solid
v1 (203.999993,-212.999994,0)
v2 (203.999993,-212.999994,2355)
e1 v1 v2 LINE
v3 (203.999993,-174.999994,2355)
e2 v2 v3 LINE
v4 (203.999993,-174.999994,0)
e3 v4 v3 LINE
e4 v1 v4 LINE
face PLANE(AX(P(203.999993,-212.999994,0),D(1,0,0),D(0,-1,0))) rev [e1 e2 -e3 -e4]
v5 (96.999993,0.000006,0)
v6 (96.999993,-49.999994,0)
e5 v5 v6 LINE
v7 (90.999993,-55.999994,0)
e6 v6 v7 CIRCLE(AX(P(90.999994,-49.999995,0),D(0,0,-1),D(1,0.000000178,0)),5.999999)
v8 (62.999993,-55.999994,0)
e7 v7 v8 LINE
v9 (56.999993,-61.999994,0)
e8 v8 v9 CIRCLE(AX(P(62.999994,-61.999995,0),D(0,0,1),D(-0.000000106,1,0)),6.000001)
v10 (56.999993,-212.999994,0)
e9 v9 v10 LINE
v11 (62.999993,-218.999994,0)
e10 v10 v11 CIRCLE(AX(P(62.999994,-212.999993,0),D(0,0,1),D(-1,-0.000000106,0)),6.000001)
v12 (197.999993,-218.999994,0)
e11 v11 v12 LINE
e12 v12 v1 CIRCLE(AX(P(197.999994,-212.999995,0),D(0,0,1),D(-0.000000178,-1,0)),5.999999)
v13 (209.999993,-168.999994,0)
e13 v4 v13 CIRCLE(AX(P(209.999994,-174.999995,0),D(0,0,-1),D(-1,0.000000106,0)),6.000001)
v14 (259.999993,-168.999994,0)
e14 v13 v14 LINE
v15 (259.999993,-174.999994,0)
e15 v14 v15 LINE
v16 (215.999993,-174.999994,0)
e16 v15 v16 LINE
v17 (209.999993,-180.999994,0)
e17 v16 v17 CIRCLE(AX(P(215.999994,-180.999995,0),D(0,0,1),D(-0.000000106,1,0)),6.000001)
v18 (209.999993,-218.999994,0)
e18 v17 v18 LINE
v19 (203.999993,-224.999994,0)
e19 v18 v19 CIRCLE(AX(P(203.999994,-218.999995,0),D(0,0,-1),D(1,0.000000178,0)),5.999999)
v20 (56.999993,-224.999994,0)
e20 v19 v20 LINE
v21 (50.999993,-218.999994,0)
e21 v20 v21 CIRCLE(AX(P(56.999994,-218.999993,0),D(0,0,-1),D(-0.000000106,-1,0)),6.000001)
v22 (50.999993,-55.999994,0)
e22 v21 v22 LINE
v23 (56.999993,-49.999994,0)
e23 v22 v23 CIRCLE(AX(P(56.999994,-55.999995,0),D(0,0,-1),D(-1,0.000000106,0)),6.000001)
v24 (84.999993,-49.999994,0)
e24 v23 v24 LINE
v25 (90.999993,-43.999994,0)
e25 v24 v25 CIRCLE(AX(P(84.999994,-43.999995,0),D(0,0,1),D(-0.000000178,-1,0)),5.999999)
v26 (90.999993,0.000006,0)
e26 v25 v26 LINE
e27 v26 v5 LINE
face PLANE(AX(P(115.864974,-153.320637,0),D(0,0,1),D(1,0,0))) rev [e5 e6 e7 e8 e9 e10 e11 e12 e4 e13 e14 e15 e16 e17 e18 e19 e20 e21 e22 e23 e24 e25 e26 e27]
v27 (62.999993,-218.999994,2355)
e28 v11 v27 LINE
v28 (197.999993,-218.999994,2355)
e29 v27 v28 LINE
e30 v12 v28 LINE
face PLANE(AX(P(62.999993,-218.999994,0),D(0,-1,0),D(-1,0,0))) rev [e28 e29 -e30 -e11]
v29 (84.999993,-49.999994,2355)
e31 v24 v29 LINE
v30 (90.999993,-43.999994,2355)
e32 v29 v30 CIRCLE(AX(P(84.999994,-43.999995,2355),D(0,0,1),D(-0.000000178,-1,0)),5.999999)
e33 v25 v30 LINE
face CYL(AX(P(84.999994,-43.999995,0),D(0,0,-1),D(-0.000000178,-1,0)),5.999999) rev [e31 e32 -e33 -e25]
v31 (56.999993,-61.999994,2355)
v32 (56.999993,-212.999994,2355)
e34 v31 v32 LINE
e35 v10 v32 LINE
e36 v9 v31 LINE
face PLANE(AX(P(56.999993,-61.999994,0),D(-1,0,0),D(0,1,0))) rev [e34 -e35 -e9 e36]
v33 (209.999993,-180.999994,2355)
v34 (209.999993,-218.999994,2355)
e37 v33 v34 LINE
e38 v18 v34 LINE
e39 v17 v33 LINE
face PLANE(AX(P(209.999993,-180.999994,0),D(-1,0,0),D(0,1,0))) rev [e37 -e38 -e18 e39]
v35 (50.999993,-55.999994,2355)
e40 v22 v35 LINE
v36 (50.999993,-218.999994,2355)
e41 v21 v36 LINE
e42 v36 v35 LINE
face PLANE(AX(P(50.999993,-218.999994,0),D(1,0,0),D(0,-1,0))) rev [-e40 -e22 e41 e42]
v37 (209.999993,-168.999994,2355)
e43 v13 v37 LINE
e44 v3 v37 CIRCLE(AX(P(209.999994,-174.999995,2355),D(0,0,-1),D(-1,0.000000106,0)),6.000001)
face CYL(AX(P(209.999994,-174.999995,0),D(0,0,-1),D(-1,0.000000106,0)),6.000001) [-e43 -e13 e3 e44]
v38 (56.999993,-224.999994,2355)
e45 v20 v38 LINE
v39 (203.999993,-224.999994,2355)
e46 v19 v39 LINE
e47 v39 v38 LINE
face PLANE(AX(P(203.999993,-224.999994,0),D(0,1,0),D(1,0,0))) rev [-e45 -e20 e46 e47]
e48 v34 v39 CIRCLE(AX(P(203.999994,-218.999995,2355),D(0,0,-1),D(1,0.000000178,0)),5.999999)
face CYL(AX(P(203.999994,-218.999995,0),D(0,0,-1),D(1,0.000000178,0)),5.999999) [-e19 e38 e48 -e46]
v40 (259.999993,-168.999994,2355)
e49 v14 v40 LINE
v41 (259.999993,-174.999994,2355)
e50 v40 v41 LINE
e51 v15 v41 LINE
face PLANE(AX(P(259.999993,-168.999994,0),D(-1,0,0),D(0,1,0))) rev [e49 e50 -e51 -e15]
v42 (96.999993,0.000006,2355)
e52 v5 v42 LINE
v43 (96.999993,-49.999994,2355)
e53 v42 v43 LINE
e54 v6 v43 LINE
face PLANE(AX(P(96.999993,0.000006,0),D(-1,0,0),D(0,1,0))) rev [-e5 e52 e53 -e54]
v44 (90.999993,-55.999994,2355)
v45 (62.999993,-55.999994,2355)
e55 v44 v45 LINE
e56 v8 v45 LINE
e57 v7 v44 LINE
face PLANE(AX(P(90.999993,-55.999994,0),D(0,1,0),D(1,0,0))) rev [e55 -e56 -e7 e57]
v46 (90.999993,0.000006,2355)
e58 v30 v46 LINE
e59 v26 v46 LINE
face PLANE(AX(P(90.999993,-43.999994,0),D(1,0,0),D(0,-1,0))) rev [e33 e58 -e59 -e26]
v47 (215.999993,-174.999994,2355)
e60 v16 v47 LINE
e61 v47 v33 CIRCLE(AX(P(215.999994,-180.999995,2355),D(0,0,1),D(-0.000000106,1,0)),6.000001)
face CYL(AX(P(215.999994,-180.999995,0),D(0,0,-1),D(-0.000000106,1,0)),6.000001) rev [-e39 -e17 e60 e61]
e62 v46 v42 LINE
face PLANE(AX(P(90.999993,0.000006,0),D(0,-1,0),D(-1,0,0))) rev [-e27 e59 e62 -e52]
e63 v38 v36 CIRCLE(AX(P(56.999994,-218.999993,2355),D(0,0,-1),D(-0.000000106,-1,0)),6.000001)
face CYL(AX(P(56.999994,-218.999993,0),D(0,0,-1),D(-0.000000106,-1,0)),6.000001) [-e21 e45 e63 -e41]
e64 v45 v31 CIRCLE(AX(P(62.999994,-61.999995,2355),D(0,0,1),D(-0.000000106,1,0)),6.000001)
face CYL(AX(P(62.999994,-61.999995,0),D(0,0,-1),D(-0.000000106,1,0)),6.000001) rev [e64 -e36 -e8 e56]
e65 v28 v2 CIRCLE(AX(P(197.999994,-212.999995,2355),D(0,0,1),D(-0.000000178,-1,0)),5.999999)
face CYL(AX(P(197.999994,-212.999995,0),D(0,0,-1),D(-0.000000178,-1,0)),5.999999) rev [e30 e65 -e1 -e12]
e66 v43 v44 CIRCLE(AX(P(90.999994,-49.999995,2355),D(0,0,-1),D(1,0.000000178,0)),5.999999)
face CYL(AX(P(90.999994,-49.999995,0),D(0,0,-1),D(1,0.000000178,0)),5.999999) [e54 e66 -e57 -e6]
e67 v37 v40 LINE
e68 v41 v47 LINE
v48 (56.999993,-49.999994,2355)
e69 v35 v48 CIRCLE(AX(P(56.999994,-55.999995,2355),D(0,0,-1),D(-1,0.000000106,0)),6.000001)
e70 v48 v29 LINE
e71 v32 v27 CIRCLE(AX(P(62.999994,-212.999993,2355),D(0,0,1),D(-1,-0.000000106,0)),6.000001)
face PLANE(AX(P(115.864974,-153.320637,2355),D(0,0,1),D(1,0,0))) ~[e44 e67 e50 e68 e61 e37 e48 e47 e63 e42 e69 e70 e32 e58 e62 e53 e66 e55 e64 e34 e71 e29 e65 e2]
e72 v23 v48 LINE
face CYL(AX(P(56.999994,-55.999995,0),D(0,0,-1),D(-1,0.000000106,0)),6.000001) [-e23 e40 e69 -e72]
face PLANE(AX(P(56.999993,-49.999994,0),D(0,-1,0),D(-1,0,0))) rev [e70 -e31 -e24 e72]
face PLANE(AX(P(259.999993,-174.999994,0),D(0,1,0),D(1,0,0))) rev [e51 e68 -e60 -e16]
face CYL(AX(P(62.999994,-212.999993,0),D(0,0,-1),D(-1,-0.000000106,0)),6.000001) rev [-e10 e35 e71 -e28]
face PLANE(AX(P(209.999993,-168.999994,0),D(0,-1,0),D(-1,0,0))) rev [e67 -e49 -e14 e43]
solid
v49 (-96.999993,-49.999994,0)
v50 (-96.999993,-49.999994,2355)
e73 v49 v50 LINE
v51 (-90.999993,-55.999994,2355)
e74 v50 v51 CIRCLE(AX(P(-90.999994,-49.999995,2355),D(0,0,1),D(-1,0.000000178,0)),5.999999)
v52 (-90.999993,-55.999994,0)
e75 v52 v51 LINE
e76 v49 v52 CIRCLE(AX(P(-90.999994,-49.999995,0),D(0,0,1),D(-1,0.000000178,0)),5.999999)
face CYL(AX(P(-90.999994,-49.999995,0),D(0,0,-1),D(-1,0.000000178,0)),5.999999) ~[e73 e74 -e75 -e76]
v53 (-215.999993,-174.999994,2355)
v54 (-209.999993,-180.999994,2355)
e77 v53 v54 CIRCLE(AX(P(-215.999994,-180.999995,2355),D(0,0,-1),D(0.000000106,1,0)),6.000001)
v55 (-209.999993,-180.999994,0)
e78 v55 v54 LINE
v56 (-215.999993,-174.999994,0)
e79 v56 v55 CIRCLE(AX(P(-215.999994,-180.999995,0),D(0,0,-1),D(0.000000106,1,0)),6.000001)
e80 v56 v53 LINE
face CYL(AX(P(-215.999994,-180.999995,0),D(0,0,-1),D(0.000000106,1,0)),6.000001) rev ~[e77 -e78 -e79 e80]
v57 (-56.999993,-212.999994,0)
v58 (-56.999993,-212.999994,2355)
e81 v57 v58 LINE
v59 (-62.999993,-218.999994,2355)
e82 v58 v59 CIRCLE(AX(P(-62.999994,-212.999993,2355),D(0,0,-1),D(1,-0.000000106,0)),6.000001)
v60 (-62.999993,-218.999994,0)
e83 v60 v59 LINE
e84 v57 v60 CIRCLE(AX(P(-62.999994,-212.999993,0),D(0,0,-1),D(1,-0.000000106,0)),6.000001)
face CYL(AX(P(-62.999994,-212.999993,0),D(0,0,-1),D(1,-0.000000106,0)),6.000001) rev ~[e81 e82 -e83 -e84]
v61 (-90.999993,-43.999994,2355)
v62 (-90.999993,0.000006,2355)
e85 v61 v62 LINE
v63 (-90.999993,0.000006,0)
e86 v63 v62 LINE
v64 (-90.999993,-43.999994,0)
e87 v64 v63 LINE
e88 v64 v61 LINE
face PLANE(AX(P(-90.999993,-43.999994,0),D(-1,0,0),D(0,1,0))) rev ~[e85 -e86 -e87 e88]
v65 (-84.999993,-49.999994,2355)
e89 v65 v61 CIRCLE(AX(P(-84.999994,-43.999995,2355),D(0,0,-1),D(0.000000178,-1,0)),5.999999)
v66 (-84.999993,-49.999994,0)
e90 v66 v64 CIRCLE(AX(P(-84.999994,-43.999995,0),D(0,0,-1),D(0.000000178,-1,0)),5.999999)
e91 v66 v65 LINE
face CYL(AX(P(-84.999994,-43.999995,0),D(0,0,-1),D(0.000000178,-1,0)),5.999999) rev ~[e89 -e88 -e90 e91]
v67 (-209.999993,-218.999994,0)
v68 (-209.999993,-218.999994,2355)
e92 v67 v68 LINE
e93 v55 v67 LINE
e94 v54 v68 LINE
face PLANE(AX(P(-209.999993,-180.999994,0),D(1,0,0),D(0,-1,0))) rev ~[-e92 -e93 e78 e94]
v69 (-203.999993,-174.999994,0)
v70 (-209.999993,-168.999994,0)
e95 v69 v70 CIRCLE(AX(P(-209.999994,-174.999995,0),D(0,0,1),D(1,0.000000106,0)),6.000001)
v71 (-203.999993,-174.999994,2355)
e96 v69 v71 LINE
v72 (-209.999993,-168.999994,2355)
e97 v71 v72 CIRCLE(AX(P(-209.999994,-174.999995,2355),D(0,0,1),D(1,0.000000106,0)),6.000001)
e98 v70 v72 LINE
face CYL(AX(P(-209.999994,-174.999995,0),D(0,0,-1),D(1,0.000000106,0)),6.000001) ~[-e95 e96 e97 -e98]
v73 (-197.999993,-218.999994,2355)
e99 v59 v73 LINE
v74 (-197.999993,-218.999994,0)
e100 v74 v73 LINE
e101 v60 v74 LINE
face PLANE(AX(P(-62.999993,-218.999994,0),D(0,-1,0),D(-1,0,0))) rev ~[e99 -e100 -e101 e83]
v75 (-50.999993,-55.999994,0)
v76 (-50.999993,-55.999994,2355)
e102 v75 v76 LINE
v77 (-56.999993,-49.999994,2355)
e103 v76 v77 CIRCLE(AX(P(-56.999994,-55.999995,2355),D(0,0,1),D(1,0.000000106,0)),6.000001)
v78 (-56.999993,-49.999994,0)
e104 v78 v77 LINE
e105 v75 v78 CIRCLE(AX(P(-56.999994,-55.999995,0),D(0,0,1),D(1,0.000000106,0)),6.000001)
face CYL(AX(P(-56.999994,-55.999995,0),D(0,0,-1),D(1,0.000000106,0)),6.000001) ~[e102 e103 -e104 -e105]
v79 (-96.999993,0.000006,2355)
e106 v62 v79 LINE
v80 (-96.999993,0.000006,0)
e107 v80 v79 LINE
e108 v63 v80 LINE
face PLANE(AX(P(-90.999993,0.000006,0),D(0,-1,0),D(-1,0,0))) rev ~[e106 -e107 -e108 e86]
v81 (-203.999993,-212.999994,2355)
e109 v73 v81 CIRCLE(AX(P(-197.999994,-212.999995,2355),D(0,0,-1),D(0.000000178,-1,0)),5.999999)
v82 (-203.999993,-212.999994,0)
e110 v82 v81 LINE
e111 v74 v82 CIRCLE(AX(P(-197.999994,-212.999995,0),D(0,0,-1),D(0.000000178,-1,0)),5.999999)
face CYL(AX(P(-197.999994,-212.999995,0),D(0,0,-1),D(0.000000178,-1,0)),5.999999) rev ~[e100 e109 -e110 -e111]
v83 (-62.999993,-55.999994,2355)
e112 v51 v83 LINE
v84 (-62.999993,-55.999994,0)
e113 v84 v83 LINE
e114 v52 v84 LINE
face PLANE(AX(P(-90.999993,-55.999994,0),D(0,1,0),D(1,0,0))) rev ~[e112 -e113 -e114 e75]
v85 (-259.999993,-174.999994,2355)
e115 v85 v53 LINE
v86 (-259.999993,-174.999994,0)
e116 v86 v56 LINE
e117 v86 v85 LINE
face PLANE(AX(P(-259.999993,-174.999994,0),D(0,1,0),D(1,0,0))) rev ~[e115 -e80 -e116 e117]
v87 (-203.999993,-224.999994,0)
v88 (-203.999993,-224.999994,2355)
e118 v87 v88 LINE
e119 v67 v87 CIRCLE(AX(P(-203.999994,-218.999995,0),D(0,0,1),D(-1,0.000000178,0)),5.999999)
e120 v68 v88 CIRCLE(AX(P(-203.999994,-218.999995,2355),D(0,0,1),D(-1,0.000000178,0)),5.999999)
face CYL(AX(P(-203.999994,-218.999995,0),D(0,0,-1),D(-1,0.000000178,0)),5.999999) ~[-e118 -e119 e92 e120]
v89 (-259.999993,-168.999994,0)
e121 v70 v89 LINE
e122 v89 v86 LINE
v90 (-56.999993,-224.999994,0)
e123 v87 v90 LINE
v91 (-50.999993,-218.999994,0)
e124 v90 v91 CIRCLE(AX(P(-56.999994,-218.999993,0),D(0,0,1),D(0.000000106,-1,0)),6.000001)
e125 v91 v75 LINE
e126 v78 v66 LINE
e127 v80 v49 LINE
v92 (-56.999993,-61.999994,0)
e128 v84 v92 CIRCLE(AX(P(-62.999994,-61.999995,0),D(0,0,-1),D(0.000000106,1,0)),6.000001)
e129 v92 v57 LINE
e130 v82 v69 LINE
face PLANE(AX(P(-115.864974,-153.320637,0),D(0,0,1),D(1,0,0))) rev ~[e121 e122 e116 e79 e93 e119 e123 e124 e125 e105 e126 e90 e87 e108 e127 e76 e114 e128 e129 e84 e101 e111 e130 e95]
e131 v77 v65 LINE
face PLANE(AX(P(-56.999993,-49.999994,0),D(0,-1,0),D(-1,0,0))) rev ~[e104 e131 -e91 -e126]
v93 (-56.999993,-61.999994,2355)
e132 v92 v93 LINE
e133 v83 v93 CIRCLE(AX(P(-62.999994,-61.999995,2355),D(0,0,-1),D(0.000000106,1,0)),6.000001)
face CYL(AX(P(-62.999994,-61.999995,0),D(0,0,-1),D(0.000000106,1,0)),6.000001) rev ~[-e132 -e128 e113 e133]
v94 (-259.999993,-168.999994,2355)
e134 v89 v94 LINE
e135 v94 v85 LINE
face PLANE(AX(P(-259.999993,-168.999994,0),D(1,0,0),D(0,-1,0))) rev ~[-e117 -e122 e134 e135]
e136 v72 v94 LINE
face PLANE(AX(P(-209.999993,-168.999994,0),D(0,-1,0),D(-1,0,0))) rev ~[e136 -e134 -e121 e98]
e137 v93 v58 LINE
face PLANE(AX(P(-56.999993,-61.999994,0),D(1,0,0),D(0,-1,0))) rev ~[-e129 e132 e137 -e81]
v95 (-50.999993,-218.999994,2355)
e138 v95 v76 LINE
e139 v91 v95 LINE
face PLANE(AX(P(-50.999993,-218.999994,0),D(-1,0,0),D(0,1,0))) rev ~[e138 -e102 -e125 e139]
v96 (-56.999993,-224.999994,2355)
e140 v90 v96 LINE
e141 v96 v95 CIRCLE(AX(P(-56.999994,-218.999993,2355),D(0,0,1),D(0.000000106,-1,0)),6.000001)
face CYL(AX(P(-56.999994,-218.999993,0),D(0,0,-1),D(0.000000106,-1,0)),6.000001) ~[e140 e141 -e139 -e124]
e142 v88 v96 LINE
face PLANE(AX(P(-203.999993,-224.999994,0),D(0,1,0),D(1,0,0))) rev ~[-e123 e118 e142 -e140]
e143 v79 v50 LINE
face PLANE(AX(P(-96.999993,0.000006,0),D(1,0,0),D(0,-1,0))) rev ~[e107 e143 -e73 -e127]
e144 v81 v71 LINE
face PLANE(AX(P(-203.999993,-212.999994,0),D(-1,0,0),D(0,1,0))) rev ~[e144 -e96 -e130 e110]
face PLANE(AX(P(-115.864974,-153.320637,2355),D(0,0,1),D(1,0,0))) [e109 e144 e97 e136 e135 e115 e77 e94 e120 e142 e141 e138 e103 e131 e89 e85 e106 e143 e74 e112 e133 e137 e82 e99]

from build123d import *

# Parameters (mm, degrees)
F1_DEPTH = 2355


with BuildPart() as f1:
    # F0 (on Top) → F1 (new body)
    with BuildSketch(Plane.XY):
        with BuildLine():
            Line((-90.999993, -43.999994), (-90.999993, 6e-06))
            Line((-90.999993, 6e-06), (-96.999993, 6e-06))
            Line((-96.999993, 6e-06), (-96.999993, -49.999994))
            ThreePointArc((-96.999993, -49.999994), (-95.242634, -54.242635), (-90.999993, -55.999994))
            Line((-90.999993, -55.999994), (-62.999993, -55.999994))
            ThreePointArc((-62.999993, -55.999994), (-58.757353, -57.757353), (-56.999993, -61.999994))
            Line((-56.999993, -61.999994), (-56.999993, -212.999994))
            ThreePointArc((-56.999993, -212.999994), (-58.757353, -217.242635), (-62.999993, -218.999994))
            Line((-62.999993, -218.999994), (-197.999993, -218.999994))
            ThreePointArc((-197.999993, -218.999994), (-202.242634, -217.242635), (-203.999993, -212.999994))
            Line((-203.999993, -212.999994), (-203.999993, -174.999994))
            ThreePointArc((-203.999993, -174.999994), (-205.757353, -170.757353), (-209.999993, -168.999994))
            Line((-209.999993, -168.999994), (-259.999993, -168.999994))
            Line((-259.999993, -168.999994), (-259.999993, -174.999994))
            Line((-259.999993, -174.999994), (-215.999993, -174.999994))
            ThreePointArc((-215.999993, -174.999994), (-211.757353, -176.757353), (-209.999993, -180.999994))
            Line((-209.999993, -180.999994), (-209.999993, -218.999994))
            ThreePointArc((-209.999993, -218.999994), (-208.242634, -223.242635), (-203.999993, -224.999994))
            Line((-203.999993, -224.999994), (-56.999993, -224.999994))
            ThreePointArc((-56.999993, -224.999994), (-52.757353, -223.242635), (-50.999993, -218.999994))
            Line((-50.999993, -218.999994), (-50.999993, -55.999994))
            ThreePointArc((-50.999993, -55.999994), (-52.757353, -51.757353), (-56.999993, -49.999994))
            Line((-56.999993, -49.999994), (-84.999993, -49.999994))
            ThreePointArc((-84.999993, -49.999994), (-89.242634, -48.242635), (-90.999993, -43.999994))
        make_face()
    extrude(amount=F1_DEPTH)


with BuildPart() as f2_1:
    # F2: instance of F1
    add(f1.part.mirror(Plane.YZ))


solid = Compound([f1.part, f2_1.part])
